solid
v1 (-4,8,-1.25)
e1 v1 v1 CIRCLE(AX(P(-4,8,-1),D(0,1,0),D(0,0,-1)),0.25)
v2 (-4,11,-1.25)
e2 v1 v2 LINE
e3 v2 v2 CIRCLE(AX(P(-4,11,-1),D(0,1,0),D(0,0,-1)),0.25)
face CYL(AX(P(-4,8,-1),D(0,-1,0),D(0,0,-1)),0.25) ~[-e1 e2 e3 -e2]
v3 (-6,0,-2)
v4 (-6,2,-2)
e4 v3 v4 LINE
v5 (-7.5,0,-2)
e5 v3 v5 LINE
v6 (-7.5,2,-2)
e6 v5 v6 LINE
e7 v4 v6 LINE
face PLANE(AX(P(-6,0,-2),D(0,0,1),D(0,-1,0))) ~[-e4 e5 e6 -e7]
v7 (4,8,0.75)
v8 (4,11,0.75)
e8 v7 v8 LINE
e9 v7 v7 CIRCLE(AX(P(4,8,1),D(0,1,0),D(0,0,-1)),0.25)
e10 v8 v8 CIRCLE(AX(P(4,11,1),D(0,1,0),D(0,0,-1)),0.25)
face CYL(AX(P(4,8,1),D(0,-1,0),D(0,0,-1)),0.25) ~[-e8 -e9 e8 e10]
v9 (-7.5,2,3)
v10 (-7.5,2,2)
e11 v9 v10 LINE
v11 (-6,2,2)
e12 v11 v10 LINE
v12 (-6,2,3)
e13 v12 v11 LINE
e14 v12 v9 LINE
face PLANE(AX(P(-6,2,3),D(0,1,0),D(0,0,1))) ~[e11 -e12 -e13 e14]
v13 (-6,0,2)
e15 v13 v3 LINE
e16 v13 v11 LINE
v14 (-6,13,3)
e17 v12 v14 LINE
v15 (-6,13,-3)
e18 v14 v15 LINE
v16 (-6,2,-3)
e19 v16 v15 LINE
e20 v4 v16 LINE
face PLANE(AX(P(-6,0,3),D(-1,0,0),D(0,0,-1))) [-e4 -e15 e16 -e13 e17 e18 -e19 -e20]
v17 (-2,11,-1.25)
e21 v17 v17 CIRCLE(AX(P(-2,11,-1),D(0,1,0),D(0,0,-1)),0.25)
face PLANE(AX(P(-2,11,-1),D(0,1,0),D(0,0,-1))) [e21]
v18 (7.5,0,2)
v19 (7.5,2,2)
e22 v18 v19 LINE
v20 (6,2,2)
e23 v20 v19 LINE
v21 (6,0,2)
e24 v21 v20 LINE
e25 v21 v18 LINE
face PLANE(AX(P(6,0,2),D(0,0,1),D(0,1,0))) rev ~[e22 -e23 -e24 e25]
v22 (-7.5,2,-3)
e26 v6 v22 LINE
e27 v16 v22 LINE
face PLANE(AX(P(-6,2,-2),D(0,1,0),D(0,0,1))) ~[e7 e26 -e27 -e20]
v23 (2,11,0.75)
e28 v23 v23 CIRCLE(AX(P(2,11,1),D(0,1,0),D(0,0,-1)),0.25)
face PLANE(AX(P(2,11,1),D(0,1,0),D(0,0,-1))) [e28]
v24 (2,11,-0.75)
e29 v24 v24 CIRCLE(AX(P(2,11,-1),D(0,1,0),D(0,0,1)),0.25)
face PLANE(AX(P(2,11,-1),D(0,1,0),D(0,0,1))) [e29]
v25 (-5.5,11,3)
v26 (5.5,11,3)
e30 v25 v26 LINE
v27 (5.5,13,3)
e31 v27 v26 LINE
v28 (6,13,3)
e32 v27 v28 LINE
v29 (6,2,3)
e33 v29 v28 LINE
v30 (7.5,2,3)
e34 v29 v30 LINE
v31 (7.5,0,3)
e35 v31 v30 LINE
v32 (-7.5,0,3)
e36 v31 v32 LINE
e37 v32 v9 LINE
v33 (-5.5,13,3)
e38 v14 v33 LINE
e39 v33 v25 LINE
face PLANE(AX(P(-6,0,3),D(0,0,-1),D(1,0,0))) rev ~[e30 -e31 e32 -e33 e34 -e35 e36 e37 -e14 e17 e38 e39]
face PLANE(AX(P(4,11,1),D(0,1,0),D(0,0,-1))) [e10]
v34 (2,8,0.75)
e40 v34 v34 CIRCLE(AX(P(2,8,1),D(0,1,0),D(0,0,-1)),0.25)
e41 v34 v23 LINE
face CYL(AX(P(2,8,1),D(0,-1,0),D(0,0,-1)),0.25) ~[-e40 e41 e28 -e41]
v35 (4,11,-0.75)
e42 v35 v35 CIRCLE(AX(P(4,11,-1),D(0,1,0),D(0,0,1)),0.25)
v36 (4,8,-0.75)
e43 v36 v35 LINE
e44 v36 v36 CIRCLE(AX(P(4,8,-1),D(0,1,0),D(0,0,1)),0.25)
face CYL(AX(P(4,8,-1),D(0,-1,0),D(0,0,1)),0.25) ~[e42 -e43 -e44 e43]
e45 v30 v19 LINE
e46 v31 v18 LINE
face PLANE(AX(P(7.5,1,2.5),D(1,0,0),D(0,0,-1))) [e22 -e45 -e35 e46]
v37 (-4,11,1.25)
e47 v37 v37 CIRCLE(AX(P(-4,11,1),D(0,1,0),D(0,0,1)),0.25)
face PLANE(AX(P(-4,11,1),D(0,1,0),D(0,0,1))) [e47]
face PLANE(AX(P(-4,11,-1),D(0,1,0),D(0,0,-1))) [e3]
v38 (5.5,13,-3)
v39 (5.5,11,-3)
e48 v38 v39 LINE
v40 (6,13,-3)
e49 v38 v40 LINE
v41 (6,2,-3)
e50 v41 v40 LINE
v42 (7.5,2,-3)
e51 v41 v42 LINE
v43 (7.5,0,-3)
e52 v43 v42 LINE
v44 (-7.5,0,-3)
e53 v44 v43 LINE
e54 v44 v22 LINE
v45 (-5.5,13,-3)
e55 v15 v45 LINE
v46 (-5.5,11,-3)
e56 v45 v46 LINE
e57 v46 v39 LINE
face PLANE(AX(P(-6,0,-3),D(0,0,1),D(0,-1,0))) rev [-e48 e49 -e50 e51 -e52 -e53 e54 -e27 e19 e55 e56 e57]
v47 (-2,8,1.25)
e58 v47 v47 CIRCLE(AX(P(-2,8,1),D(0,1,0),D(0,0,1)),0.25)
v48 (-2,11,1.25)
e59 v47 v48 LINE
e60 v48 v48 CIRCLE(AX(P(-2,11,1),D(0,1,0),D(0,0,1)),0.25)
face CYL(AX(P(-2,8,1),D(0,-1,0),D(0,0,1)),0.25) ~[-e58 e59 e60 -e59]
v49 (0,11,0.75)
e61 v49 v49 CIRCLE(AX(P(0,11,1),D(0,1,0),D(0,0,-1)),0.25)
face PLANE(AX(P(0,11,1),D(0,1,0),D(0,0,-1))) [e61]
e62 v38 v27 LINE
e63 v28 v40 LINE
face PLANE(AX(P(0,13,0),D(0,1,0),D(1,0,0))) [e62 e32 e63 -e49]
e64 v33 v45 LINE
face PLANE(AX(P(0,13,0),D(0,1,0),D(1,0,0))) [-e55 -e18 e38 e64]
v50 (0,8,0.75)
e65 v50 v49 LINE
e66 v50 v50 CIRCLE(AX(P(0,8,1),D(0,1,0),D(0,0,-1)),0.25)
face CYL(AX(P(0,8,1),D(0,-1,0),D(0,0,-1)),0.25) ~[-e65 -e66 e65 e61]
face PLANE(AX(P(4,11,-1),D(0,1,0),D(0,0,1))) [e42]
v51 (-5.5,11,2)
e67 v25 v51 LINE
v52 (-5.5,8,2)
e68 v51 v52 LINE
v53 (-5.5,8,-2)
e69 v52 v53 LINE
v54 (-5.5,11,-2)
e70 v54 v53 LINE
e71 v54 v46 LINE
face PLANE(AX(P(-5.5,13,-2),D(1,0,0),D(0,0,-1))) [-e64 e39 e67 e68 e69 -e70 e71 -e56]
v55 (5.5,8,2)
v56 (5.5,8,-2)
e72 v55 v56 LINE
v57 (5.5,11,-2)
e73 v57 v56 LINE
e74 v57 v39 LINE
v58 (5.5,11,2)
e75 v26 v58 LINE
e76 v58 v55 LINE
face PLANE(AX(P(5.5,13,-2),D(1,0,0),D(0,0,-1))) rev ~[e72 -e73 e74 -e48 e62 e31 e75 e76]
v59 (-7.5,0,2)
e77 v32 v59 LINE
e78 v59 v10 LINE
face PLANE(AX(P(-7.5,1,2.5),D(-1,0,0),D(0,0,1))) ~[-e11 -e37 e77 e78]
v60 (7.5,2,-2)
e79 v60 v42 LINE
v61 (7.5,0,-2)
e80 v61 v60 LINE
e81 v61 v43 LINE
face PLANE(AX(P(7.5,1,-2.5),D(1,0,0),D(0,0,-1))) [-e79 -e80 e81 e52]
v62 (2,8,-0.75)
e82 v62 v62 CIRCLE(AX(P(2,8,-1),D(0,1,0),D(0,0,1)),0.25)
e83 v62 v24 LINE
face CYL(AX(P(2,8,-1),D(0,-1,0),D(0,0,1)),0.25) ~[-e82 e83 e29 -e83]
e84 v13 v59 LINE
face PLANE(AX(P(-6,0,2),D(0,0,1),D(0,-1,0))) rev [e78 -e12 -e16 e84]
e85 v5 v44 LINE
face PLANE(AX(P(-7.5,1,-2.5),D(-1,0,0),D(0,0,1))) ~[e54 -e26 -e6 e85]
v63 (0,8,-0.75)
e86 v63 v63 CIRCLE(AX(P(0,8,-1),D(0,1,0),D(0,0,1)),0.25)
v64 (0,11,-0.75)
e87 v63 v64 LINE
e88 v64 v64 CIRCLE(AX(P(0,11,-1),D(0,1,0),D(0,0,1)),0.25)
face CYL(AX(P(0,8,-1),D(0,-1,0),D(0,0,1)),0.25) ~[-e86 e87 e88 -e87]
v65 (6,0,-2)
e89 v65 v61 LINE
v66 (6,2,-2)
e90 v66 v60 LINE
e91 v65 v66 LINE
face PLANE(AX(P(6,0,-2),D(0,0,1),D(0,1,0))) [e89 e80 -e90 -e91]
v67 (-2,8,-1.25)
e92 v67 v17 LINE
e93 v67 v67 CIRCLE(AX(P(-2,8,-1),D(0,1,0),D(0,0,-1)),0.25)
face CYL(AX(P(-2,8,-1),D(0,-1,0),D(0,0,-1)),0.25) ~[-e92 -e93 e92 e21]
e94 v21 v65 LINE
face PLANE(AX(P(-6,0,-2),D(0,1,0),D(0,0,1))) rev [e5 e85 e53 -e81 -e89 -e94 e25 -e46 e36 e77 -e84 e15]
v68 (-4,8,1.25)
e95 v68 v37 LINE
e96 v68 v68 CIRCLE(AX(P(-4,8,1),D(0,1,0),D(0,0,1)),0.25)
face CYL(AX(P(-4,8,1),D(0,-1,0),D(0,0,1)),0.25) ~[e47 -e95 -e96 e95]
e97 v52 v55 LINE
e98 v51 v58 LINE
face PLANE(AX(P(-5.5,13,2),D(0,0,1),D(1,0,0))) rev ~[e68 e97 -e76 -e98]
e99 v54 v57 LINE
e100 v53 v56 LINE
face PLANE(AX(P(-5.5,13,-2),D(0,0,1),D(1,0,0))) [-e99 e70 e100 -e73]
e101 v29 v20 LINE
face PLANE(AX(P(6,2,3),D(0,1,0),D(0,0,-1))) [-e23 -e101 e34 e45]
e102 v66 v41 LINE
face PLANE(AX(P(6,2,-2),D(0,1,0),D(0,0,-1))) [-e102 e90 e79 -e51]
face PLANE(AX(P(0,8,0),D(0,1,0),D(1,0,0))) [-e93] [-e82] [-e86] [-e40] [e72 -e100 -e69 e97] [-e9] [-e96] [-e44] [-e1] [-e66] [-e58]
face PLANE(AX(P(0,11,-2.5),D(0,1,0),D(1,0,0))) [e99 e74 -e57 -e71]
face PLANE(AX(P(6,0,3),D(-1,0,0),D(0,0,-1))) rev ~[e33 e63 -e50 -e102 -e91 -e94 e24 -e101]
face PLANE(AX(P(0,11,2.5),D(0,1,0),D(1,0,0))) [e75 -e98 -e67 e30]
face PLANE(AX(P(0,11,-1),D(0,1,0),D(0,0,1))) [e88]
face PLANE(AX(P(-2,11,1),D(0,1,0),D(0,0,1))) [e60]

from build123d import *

# Parameters (mm, degrees)
SKETCH1_W           = 12
SKETCH1_H           = 6
BOSS_EXTRUDE1_DEPTH = 13
SKETCH2_W           = 1
SKETCH2_H           = 2
BOSS_EXTRUDE2_DEPTH = 1.5
SKETCH3_W           = 11
SKETCH3_H           = 4
CUT_EXTRUDE1_DEPTH  = 5
SKETCH4_W           = 11
SKETCH4_H           = 1
CUT_EXTRUDE2_DEPTH  = 2
SKETCH5_R           = 0.25
BOSS_EXTRUDE3_DEPTH = 3


with BuildPart() as part:
    # Sketch1 → Boss-Extrude1 (new body)
    with BuildSketch(Plane(origin=(0, 0, 0), x_dir=(1, 0, 0), z_dir=(0, 1, 0))):
        Rectangle(SKETCH1_W, SKETCH1_H)
    extrude(amount=BOSS_EXTRUDE1_DEPTH)

    # Sketch2 → Boss-Extrude2 (add)
    with BuildSketch(Plane(origin=(6, 0, 0), x_dir=(0, 0, -1), z_dir=(1, 0, 0))):
        with Locations((-2.5, 1)):
            Rectangle(SKETCH2_W, SKETCH2_H)
        with Locations((2.5, 1)):
            Rectangle(SKETCH2_W, SKETCH2_H)
    boss_extrude2 = extrude(amount=BOSS_EXTRUDE2_DEPTH)

    # Mirror1: Boss-Extrude2 across plane
    add(boss_extrude2.mirror(Plane(origin=(0, 0, 0), x_dir=(0, 0, 1), z_dir=(1, 0, 0))))

    # Sketch3 → Cut-Extrude1 (cut)
    with BuildSketch(Plane(origin=(0, 13, 0), x_dir=(1, 0, 0), z_dir=(0, 1, 0))):
        Rectangle(SKETCH3_W, SKETCH3_H)
    extrude(amount=-CUT_EXTRUDE1_DEPTH, mode=Mode.SUBTRACT)

    # Sketch4 → Cut-Extrude2 (cut)
    with BuildSketch(Plane(origin=(0, 13, 0), x_dir=(1, 0, 0), z_dir=(0, 1, 0))):
        with Locations((0, 2.5)):
            Rectangle(SKETCH4_W, SKETCH4_H)
        with Locations((0, -2.5)):
            Rectangle(SKETCH4_W, SKETCH4_H)
    extrude(amount=-CUT_EXTRUDE2_DEPTH, mode=Mode.SUBTRACT)

    # Sketch5 → Boss-Extrude3 (add)
    with BuildSketch(Plane(origin=(0, 8, 0), x_dir=(1, 0, 0), z_dir=(0, 1, 0))):
        with Locations((0, 1)):
            Circle(SKETCH5_R)
        with Locations((2, 1)):
            Circle(SKETCH5_R)
        with Locations((4, 1)):
            Circle(SKETCH5_R)
        with Locations((-4, 1)):
            Circle(SKETCH5_R)
        with Locations((-2, 1)):
            Circle(SKETCH5_R)
        with Locations((4, -1)):
            Circle(SKETCH5_R)
        with Locations((2, -1)):
            Circle(SKETCH5_R)
        with Locations((0, -1)):
            Circle(SKETCH5_R)
        with Locations((-2, -1)):
            Circle(SKETCH5_R)
        with Locations((-4, -1)):
            Circle(SKETCH5_R)
    extrude(amount=BOSS_EXTRUDE3_DEPTH)


solid = part.part
